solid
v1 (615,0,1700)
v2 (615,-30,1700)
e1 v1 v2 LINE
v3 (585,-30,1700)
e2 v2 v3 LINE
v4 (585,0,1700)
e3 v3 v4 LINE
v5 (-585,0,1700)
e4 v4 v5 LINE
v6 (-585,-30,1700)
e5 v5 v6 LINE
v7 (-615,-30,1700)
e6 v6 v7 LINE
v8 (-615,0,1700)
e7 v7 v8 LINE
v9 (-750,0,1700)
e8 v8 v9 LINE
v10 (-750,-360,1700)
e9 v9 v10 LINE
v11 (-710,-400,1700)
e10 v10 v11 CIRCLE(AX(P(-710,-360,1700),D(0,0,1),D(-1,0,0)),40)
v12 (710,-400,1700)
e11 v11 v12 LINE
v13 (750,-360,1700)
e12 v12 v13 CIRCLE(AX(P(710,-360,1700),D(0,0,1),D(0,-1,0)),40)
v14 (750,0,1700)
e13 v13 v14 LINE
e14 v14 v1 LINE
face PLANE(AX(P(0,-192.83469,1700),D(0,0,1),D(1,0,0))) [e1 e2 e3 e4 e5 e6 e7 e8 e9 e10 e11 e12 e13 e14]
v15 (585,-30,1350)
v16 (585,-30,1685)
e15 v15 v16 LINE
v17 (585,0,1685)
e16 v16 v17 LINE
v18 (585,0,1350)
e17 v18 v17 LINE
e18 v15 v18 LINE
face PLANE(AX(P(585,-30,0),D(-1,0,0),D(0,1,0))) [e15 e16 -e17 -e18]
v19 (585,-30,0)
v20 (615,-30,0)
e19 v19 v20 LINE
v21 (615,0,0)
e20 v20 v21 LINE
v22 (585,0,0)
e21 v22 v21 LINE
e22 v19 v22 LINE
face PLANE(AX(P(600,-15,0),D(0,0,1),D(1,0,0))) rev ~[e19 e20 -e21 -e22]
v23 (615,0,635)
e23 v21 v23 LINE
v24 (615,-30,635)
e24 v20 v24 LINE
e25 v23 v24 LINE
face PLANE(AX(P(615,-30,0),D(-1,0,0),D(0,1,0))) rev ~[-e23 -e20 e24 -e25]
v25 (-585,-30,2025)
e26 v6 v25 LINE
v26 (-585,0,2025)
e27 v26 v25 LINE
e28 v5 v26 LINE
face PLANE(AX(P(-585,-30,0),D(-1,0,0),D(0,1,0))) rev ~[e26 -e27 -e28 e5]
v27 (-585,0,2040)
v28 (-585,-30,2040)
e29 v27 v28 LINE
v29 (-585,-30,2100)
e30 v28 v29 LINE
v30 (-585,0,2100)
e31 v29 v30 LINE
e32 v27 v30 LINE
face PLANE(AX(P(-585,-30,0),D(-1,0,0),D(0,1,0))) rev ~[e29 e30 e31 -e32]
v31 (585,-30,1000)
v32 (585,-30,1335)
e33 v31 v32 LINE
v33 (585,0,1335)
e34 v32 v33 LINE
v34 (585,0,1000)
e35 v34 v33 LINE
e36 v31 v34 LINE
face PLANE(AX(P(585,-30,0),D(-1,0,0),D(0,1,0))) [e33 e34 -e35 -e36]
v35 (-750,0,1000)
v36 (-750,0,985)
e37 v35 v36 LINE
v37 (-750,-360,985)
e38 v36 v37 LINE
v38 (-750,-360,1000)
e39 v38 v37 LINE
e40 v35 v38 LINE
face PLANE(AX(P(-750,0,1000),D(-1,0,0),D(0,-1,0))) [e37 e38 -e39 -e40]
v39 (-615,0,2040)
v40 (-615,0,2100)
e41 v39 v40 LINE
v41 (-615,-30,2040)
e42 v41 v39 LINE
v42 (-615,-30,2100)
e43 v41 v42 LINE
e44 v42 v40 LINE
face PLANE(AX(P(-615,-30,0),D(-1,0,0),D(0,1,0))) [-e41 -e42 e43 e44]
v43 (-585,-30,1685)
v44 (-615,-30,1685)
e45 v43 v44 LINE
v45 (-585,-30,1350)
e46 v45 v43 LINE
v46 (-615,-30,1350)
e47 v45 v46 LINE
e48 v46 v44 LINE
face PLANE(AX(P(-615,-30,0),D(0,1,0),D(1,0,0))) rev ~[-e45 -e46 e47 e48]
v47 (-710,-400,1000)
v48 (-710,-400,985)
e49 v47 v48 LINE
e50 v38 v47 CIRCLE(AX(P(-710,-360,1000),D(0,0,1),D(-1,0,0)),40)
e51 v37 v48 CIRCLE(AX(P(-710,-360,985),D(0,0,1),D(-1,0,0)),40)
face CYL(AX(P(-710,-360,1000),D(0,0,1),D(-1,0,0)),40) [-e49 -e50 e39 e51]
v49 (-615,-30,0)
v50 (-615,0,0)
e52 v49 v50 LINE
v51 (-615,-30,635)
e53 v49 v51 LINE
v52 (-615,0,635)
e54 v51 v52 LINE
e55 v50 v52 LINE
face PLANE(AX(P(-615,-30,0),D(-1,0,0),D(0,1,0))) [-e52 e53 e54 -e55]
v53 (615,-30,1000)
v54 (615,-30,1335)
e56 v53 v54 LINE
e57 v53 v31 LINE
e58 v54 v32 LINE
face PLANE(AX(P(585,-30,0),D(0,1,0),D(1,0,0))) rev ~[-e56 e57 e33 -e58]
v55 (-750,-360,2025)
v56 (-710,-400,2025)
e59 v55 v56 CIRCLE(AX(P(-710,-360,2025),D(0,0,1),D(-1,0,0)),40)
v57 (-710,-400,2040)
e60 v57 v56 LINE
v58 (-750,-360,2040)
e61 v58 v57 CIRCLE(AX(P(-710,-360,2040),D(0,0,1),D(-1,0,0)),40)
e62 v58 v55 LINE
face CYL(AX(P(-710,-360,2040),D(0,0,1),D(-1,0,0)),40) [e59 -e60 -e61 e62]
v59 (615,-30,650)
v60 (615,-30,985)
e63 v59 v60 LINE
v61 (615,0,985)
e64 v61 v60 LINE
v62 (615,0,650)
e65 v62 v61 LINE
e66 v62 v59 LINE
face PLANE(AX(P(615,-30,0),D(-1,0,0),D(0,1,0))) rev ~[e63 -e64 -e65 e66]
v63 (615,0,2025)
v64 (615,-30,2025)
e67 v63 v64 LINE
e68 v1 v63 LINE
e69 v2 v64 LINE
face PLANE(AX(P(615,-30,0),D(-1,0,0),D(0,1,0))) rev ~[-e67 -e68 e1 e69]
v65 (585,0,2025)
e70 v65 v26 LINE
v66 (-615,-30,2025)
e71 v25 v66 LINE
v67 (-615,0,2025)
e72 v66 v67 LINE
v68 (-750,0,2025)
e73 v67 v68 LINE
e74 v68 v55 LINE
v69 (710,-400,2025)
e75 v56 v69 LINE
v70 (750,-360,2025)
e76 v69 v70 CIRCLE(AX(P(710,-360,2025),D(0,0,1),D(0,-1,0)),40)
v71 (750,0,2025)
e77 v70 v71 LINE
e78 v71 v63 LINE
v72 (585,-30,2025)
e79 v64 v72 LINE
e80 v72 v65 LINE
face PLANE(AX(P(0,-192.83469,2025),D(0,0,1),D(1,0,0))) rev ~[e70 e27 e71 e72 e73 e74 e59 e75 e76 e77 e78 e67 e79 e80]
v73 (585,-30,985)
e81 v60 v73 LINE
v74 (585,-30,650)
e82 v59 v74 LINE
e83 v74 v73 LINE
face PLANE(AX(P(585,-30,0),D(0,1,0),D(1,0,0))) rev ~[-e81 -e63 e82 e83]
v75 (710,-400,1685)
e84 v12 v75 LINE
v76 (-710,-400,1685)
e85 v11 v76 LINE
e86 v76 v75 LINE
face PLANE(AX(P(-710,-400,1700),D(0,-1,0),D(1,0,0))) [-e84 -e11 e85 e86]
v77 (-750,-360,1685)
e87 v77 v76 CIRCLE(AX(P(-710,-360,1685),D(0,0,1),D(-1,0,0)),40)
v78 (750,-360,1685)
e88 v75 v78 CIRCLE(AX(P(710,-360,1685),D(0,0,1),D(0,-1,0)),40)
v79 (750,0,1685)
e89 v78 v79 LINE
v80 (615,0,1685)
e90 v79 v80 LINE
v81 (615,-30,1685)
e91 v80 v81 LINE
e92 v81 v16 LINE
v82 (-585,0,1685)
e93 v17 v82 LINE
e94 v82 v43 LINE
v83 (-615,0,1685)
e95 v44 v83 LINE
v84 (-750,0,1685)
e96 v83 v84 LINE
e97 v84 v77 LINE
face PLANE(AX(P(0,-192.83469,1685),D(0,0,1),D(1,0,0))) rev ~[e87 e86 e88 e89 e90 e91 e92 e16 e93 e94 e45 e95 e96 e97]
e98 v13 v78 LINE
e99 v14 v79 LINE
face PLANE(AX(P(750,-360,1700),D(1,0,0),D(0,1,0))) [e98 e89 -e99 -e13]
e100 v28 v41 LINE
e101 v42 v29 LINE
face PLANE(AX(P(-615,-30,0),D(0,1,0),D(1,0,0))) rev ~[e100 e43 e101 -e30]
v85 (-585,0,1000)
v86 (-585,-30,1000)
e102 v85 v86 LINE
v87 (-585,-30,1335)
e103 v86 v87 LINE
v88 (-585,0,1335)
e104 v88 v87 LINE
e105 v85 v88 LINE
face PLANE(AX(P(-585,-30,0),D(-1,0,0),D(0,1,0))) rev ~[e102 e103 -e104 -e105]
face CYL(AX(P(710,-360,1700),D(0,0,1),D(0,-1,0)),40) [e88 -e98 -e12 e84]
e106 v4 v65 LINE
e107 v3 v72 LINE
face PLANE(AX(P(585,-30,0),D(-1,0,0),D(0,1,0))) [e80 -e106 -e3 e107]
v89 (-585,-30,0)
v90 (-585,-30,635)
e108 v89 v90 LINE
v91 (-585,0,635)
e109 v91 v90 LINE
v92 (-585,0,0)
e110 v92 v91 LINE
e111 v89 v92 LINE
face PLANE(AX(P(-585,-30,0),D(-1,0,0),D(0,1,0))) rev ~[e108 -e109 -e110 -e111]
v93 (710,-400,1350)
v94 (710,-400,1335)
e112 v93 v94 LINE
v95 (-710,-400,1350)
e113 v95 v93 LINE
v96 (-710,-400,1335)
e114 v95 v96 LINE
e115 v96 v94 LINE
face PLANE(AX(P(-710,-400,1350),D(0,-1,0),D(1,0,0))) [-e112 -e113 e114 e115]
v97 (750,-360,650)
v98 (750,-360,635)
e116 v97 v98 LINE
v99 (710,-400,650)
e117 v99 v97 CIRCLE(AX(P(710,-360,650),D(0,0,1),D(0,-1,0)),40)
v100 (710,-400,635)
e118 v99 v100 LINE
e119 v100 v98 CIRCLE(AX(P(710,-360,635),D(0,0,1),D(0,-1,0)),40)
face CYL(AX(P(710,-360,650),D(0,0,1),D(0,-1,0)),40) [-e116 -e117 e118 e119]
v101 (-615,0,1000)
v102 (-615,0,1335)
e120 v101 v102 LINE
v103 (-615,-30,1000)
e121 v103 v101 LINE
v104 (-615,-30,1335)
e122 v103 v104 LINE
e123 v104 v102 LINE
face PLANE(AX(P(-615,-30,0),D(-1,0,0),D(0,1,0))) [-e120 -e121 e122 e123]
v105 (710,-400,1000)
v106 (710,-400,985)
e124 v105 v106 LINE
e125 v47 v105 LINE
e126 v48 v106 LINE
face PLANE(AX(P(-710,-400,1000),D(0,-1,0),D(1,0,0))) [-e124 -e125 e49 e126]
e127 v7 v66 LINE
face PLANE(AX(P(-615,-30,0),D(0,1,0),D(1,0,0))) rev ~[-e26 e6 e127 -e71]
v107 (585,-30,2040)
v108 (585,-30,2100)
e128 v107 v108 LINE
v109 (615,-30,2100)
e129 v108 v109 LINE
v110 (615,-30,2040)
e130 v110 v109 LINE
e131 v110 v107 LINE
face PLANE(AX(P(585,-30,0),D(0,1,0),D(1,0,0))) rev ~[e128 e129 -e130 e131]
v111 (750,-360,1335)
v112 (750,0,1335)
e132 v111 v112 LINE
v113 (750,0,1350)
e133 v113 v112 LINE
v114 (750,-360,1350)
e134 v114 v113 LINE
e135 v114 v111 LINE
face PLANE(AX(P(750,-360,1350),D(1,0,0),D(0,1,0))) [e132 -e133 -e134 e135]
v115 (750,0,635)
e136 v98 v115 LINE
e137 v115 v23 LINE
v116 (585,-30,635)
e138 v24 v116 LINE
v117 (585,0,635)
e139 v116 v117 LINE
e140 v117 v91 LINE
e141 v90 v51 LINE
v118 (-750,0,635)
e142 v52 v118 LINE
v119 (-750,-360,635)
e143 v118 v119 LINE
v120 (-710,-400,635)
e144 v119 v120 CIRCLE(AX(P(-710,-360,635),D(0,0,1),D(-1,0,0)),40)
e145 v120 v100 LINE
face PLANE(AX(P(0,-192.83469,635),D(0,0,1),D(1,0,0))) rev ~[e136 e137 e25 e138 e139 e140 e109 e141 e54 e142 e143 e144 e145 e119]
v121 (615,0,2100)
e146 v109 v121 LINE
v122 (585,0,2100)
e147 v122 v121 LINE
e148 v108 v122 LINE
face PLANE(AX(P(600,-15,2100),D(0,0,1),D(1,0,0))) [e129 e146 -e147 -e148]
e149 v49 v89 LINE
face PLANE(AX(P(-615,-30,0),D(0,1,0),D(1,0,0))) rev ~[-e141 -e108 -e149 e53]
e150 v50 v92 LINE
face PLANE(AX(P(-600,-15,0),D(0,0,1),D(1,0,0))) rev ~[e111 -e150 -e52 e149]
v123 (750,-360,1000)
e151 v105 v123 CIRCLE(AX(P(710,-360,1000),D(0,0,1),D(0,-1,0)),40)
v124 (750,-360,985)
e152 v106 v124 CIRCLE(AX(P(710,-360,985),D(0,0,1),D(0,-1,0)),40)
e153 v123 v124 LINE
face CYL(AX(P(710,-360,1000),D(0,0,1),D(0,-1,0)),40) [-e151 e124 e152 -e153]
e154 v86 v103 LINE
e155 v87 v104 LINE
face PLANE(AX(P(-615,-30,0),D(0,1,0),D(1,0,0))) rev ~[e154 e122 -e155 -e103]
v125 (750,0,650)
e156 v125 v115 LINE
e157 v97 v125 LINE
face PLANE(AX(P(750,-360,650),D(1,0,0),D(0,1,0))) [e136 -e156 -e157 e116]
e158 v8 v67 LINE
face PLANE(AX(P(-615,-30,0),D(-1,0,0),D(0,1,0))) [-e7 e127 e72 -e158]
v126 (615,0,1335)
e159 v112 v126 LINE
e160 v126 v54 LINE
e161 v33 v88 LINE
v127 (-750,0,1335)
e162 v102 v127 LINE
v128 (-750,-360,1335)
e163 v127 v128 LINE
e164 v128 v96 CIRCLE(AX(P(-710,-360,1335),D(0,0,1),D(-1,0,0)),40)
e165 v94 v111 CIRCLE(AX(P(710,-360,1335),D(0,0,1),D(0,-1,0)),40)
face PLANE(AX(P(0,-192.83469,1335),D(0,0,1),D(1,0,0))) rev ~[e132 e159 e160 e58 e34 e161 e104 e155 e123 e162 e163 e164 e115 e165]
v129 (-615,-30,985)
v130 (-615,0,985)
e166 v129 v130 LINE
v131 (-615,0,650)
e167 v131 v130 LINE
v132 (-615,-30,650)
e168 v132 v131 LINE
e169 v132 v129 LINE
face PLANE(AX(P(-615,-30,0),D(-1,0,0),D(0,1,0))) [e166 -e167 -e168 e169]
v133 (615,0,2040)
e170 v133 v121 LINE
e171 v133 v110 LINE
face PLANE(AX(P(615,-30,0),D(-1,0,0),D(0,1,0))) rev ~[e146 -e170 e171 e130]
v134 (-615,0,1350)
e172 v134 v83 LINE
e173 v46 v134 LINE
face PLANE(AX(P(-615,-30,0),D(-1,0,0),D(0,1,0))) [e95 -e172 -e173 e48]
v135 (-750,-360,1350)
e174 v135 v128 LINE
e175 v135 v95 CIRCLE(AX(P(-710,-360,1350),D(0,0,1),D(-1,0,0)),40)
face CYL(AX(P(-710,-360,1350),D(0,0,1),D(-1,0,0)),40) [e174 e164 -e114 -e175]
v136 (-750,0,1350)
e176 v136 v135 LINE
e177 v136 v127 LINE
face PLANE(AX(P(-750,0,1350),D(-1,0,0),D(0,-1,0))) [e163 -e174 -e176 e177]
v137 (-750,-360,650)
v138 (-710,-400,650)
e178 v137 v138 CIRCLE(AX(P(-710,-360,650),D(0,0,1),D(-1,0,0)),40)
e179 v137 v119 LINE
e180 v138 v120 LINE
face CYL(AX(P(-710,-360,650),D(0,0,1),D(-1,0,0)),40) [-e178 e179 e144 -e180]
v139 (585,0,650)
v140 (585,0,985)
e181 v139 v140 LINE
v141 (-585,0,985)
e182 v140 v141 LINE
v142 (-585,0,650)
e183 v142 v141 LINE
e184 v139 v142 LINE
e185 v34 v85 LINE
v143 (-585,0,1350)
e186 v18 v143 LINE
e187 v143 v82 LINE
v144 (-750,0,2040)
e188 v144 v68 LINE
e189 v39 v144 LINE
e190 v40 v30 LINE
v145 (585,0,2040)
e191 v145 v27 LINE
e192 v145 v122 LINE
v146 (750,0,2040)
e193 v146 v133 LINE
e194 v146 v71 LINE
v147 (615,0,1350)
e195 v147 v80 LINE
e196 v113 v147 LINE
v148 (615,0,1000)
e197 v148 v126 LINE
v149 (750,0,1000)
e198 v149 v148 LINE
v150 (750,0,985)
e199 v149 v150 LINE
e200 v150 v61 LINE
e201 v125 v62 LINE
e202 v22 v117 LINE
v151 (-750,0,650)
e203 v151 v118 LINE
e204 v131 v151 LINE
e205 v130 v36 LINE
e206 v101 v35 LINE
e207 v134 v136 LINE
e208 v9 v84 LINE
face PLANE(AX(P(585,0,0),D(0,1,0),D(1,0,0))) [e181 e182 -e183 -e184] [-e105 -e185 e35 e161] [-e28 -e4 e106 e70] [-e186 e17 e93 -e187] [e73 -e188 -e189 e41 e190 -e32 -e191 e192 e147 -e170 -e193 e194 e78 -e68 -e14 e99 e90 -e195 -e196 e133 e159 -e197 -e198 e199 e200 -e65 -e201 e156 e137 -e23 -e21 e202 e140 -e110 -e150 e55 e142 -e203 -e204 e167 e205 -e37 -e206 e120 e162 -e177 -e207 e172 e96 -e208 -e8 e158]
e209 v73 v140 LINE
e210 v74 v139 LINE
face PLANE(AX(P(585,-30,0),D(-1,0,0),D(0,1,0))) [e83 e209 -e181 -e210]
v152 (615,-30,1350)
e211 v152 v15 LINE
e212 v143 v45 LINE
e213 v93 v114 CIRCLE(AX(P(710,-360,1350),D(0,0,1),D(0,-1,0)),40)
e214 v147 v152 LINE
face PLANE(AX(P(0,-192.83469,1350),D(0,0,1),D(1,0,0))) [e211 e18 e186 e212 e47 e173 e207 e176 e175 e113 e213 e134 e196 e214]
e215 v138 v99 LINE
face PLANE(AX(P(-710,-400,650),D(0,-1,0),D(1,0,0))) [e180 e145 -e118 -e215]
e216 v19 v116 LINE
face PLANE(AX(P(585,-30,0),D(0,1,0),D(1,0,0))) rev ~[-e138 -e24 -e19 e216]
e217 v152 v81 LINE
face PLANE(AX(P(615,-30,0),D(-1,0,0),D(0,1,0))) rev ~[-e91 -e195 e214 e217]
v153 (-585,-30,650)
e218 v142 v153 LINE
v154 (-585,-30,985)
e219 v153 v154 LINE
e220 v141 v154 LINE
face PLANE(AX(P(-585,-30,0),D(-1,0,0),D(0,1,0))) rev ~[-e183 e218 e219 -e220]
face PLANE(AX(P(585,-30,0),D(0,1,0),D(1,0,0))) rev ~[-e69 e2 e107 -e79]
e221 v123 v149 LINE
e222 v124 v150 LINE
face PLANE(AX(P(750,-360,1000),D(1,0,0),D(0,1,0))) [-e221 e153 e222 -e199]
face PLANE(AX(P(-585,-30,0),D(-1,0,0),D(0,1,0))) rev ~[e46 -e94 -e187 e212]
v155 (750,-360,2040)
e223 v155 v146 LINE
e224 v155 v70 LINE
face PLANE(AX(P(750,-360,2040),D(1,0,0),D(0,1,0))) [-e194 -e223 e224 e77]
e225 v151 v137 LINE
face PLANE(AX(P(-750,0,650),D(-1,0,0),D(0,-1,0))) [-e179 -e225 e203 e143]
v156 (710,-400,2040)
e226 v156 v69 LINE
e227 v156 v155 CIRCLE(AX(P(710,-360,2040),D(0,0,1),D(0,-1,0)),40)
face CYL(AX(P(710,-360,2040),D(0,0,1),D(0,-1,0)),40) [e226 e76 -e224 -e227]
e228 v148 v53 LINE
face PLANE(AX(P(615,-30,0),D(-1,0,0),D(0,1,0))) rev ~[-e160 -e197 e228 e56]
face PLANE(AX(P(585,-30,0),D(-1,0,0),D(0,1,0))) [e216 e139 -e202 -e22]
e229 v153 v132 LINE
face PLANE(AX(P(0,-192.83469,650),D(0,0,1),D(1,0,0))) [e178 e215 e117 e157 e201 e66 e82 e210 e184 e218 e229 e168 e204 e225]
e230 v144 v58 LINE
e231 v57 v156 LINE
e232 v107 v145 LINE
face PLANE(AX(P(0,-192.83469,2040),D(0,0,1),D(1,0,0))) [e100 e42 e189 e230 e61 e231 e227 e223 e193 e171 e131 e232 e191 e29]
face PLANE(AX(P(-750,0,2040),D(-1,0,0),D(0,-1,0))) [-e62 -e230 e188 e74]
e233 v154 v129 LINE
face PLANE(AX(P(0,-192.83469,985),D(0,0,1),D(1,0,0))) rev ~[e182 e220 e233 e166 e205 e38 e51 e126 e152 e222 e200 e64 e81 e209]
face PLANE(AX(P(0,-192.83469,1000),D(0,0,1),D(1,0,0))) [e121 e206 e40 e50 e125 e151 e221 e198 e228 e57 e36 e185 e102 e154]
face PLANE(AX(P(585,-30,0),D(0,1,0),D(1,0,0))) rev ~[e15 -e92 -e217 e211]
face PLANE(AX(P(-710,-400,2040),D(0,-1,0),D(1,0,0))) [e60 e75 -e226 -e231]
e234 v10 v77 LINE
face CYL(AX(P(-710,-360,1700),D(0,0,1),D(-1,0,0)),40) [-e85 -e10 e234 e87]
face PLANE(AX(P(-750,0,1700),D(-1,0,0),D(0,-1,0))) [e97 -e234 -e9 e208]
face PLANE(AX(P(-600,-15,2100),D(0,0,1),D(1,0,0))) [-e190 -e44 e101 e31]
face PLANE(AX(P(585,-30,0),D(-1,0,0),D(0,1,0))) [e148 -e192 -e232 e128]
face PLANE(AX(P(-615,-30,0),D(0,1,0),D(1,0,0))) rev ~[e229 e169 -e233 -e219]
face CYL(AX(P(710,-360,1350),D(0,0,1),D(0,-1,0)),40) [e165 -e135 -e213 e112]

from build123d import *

# Parameters (mm, degrees)
F7_W      = 30
F7_H      = 30
F8_DEPTH  = 2100
F15_DEPTH = 15
F17_DEPTH = 15
F19_DEPTH = 15
F21_DEPTH = 15
F23_DEPTH = 15


with BuildPart() as f8:
    # F7 (on Top) → F8 (new body)
    with BuildSketch(Plane.XY):
        with Locations((-600, -15)):
            Rectangle(F7_W, F7_H)
    extrude(amount=F8_DEPTH)



with BuildPart() as f8b:
    # F7 (on Top) → F8, piece 2 (new body)
    with BuildSketch(Plane.XY):
        with Locations((600, -15)):
            Rectangle(F7_W, F7_H)
    extrude(amount=F8_DEPTH)


with BuildPart() as f8_1:
    add(f8.part)

    add(f8b.part)  # F15 merges F8b
    # F14 (on offset) → F15 (join)
    with BuildSketch(Plane.XY.offset(650)):
        with BuildLine():
            Line((585, 0), (0, 0))
            Line((0, 0), (-585, 0))
            Line((-585, 0), (-585, -30))
            Line((-585, -30), (-615, -30))
            Line((-615, -30), (-615, 0))
            Line((-615, 0), (-750, 0))
            Line((-750, 0), (-750, -360))
            ThreePointArc((-750, -360), (-738.2842712475, -388.2842712475), (-710, -400))
            Line((-710, -400), (0, -400))
            Line((0, -400), (710, -400))
            ThreePointArc((710, -400), (738.2842712475, -388.2842712475), (750, -360))
            Line((750, -360), (750, 0))
            Line((750, 0), (615, 0))
            Line((615, 0), (615, -30))
            Line((615, -30), (585, -30))
            Line((585, -30), (585, 0))
        make_face()
    extrude(amount=-F15_DEPTH)

    # F16 (on offset) → F17 (join)
    with BuildSketch(Plane.XY.offset(1000)):
        with BuildLine():
            Line((0, -400), (710, -400))
            ThreePointArc((710, -400), (738.2842712475, -388.2842712475), (750, -360))
            Line((750, -360), (750, 0))
            Line((750, 0), (615, 0))
            Line((615, 0), (615, -30))
            Line((615, -30), (585, -30))
            Line((585, -30), (585, 0))
            Line((585, 0), (0, 0))
            Line((0, 0), (-585, 0))
            Line((-585, 0), (-585, -30))
            Line((-585, -30), (-615, -30))
            Line((-615, -30), (-615, 0))
            Line((-615, 0), (-750, 0))
            Line((-750, 0), (-750, -360))
            ThreePointArc((-750, -360), (-738.2842712475, -388.2842712475), (-710, -400))
            Line((-710, -400), (0, -400))
        make_face()
    extrude(amount=-F17_DEPTH)

    # F18 (on offset) → F19 (join)
    with BuildSketch(Plane.XY.offset(1350)):
        with BuildLine():
            Line((0, -400), (710, -400))
            ThreePointArc((710, -400), (738.2842712475, -388.2842712475), (750, -360))
            Line((750, -360), (750, 0))
            Line((750, 0), (615, 0))
            Line((615, 0), (615, -30))
            Line((615, -30), (585, -30))
            Line((585, -30), (585, 0))
            Line((585, 0), (0, 0))
            Line((0, 0), (-585, 0))
            Line((-585, 0), (-585, -30))
            Line((-585, -30), (-615, -30))
            Line((-615, -30), (-615, 0))
            Line((-615, 0), (-750, 0))
            Line((-750, 0), (-750, -360))
            ThreePointArc((-750, -360), (-738.2842712475, -388.2842712475), (-710, -400))
            Line((-710, -400), (0, -400))
        make_face()
    extrude(amount=-F19_DEPTH)

    # F20 (on offset) → F21 (join)
    with BuildSketch(Plane.XY.offset(1700)):
        with BuildLine():
            Line((0, -400), (710, -400))
            ThreePointArc((710, -400), (738.2842712475, -388.2842712475), (750, -360))
            Line((750, -360), (750, 0))
            Line((750, 0), (615, 0))
            Line((615, 0), (615, -30))
            Line((615, -30), (585, -30))
            Line((585, -30), (585, 0))
            Line((585, 0), (0, 0))
            Line((0, 0), (-585, 0))
            Line((-585, 0), (-585, -30))
            Line((-585, -30), (-615, -30))
            Line((-615, -30), (-615, 0))
            Line((-615, 0), (-750, 0))
            Line((-750, 0), (-750, -360))
            ThreePointArc((-750, -360), (-738.2842712475, -388.2842712475), (-710, -400))
            Line((-710, -400), (0, -400))
        make_face()
    extrude(amount=-F21_DEPTH)

    # F22 (on offset) → F23 (join)
    with BuildSketch(Plane.XY.offset(2040)):
        with BuildLine():
            Line((0, -400), (710, -400))
            ThreePointArc((710, -400), (738.2842712475, -388.2842712475), (750, -360))
            Line((750, -360), (750, 0))
            Line((750, 0), (615, 0))
            Line((615, 0), (615, -30))
            Line((615, -30), (585, -30))
            Line((585, -30), (585, 0))
            Line((585, 0), (0, 0))
            Line((0, 0), (-585, 0))
            Line((-585, 0), (-585, -30))
            Line((-585, -30), (-615, -30))
            Line((-615, -30), (-615, 0))
            Line((-615, 0), (-750, 0))
            Line((-750, 0), (-750, -360))
            ThreePointArc((-750, -360), (-738.2842712475, -388.2842712475), (-710, -400))
            Line((-710, -400), (0, -400))
        make_face()
    extrude(amount=-F23_DEPTH)


solid = f8_1.part
